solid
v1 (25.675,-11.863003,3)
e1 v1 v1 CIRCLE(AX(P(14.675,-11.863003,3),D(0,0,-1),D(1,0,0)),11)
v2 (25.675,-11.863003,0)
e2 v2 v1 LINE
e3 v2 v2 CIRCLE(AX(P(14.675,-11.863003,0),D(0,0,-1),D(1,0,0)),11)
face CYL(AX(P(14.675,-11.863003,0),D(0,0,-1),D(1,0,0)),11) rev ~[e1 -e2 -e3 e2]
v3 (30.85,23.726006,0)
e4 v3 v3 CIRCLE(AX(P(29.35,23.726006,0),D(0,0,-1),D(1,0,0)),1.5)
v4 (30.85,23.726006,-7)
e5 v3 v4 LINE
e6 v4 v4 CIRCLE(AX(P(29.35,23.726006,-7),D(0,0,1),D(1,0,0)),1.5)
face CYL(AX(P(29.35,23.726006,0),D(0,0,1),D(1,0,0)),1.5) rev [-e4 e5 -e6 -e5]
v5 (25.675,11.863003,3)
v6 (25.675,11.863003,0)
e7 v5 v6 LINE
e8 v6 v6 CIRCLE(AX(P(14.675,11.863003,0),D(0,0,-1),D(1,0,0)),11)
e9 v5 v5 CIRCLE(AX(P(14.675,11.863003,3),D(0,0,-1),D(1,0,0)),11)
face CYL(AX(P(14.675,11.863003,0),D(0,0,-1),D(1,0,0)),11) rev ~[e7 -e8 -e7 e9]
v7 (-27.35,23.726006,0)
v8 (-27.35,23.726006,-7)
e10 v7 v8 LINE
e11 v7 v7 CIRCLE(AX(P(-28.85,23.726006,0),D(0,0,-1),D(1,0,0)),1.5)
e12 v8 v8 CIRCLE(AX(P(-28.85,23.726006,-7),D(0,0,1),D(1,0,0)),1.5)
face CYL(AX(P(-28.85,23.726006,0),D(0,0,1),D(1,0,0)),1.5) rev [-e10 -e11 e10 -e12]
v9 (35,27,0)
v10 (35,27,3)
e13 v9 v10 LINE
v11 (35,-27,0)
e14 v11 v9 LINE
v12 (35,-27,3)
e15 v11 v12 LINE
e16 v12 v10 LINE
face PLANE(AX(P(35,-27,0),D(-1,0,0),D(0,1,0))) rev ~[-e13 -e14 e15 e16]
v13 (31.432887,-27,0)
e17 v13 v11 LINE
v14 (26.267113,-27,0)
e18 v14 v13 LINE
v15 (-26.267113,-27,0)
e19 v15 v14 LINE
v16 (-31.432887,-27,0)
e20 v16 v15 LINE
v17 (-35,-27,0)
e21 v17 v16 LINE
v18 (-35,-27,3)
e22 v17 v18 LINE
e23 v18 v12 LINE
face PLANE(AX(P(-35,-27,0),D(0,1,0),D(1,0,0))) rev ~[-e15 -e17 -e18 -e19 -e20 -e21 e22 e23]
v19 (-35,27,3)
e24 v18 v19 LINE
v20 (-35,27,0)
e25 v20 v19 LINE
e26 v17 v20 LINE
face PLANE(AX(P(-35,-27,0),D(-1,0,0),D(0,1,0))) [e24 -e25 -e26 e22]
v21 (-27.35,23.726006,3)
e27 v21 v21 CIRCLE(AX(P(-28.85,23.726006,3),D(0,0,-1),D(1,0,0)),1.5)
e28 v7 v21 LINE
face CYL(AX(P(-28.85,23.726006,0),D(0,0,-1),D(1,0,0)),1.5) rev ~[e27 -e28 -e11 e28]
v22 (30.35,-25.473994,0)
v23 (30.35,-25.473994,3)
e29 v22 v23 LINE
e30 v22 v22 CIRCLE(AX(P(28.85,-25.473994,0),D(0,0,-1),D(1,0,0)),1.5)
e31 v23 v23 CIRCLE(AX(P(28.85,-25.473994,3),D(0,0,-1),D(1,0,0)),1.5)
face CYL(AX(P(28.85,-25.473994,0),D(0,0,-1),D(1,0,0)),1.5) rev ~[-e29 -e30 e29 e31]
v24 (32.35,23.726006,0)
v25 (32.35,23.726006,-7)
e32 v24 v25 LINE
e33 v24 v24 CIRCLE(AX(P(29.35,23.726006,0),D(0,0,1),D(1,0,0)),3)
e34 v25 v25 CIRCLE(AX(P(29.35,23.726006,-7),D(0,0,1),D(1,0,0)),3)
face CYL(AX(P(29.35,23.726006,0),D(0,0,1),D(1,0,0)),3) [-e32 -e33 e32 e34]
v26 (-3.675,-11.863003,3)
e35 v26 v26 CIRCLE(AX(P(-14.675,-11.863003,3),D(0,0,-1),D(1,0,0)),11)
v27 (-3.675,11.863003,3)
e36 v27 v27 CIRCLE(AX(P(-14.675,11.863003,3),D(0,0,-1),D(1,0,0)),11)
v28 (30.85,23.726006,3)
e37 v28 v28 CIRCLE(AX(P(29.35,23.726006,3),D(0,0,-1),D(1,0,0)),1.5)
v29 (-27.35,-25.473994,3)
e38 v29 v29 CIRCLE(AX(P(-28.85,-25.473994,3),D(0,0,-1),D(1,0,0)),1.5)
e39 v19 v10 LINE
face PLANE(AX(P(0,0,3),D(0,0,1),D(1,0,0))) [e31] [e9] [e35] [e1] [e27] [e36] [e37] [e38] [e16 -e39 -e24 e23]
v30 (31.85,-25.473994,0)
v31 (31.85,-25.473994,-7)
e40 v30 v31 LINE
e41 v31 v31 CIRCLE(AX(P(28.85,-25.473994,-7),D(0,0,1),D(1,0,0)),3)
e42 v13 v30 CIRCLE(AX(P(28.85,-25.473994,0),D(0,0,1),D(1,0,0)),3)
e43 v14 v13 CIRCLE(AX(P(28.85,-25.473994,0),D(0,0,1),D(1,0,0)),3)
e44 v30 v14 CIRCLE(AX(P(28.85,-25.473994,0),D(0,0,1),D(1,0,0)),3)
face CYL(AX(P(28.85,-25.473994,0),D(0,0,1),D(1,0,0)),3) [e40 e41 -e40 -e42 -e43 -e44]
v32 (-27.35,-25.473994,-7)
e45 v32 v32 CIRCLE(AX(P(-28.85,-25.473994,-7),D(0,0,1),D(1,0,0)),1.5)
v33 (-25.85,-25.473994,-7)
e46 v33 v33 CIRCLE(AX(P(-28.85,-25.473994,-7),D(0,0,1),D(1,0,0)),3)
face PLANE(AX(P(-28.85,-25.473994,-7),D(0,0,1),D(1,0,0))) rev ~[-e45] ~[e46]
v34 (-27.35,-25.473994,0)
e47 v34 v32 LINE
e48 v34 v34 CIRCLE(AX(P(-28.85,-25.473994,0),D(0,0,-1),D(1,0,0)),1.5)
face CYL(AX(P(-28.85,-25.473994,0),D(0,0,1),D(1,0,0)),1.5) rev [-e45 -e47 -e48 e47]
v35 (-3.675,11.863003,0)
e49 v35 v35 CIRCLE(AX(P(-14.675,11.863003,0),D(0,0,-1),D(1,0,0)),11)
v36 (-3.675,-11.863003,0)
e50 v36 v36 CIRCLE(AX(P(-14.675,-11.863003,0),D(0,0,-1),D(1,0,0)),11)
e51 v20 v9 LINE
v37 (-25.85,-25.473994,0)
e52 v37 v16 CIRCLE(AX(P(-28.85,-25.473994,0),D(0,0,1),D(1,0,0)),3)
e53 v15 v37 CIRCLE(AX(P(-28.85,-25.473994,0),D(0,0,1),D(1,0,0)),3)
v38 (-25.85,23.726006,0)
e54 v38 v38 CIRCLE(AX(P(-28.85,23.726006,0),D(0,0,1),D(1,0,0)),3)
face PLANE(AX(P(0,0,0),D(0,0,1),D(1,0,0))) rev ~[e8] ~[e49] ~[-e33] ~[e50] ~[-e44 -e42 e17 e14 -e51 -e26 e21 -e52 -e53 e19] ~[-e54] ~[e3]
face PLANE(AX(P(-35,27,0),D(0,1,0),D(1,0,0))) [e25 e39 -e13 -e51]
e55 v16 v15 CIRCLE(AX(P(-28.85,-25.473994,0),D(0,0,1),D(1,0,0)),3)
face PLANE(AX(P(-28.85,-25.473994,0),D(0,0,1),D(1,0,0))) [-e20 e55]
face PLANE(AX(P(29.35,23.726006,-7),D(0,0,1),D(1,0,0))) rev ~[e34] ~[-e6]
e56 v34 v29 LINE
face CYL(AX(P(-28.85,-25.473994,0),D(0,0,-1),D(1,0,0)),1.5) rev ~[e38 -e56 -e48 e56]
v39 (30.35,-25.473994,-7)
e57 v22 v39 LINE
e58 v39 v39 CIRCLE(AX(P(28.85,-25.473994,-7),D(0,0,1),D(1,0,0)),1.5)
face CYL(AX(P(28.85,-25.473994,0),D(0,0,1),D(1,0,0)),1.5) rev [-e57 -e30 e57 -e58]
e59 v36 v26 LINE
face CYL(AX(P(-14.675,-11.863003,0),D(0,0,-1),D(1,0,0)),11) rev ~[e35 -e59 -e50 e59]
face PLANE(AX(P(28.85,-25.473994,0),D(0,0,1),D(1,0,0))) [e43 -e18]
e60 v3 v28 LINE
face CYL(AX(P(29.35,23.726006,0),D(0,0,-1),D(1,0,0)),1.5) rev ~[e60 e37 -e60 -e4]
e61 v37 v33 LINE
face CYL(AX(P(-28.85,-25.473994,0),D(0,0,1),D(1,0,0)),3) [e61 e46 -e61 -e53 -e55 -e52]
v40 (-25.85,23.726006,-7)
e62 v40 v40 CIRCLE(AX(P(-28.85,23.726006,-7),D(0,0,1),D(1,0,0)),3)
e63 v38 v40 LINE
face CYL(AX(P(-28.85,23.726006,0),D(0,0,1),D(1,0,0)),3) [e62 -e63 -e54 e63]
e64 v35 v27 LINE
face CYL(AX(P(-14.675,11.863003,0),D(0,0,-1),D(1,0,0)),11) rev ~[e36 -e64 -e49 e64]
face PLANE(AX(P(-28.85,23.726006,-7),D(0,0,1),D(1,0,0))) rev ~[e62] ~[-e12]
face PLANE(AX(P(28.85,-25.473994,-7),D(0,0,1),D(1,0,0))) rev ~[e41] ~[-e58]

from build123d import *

# Parameters (mm, degrees)
SKETCH002_R      = 1.5
SKETCH002_R_2    = 11
EXTRUDE002_DEPTH = 10
SKETCH001_R      = 3
EXTRUDE001_DEPTH = 7
SKETCH_W         = 70
SKETCH_H         = 54
EXTRUDE_DEPTH    = 3


with BuildPart() as extrude002:
    # Sketch002 (on Face5 of Extrude) → Extrude002 (new body, symmetric)
    with BuildSketch(Plane(origin=(0, 0, 0), x_dir=(1, 0, 0), z_dir=(0, 0, -1))):
        with Locations((-28.85, 25.473994)):
            Circle(SKETCH002_R)
        with Locations((28.85, 25.473994)):
            Circle(SKETCH002_R)
        with Locations((-28.85, -23.726006)):
            Circle(SKETCH002_R)
        with Locations((29.35, -23.726006)):
            Circle(SKETCH002_R)
        with Locations((-14.675, 11.863003)):
            Circle(SKETCH002_R_2)
        with Locations((-14.675, -11.863003)):
            Circle(SKETCH002_R_2)
        with Locations((14.675, 11.863003)):
            Circle(SKETCH002_R_2)
        with Locations((14.675, -11.863003)):
            Circle(SKETCH002_R_2)
    extrude(amount=EXTRUDE002_DEPTH, both=True)


with BuildPart() as extrude001:
    # Sketch001 (on Extrude) → Extrude001 (new body)
    with BuildSketch(Plane.XY):
        with Locations((-28.85, 23.726006)):
            Circle(SKETCH001_R)
        with Locations((29.35, 23.726006)):
            Circle(SKETCH001_R)
        with Locations((-28.85, -25.473994)):
            Circle(SKETCH001_R)
        with Locations((28.85, -25.473994)):
            Circle(SKETCH001_R)
    extrude(amount=-EXTRUDE001_DEPTH)


with BuildPart() as cut:
    # Sketch → Extrude (new body)
    with BuildSketch(Plane.XY):
        Rectangle(SKETCH_W, SKETCH_H)
    extrude(amount=EXTRUDE_DEPTH)

    # Fusion: union Extrude001
    add(extrude001.part)

    # Cut: cut Extrude002
    add(extrude002.part, mode=Mode.SUBTRACT)


solid = cut.part
